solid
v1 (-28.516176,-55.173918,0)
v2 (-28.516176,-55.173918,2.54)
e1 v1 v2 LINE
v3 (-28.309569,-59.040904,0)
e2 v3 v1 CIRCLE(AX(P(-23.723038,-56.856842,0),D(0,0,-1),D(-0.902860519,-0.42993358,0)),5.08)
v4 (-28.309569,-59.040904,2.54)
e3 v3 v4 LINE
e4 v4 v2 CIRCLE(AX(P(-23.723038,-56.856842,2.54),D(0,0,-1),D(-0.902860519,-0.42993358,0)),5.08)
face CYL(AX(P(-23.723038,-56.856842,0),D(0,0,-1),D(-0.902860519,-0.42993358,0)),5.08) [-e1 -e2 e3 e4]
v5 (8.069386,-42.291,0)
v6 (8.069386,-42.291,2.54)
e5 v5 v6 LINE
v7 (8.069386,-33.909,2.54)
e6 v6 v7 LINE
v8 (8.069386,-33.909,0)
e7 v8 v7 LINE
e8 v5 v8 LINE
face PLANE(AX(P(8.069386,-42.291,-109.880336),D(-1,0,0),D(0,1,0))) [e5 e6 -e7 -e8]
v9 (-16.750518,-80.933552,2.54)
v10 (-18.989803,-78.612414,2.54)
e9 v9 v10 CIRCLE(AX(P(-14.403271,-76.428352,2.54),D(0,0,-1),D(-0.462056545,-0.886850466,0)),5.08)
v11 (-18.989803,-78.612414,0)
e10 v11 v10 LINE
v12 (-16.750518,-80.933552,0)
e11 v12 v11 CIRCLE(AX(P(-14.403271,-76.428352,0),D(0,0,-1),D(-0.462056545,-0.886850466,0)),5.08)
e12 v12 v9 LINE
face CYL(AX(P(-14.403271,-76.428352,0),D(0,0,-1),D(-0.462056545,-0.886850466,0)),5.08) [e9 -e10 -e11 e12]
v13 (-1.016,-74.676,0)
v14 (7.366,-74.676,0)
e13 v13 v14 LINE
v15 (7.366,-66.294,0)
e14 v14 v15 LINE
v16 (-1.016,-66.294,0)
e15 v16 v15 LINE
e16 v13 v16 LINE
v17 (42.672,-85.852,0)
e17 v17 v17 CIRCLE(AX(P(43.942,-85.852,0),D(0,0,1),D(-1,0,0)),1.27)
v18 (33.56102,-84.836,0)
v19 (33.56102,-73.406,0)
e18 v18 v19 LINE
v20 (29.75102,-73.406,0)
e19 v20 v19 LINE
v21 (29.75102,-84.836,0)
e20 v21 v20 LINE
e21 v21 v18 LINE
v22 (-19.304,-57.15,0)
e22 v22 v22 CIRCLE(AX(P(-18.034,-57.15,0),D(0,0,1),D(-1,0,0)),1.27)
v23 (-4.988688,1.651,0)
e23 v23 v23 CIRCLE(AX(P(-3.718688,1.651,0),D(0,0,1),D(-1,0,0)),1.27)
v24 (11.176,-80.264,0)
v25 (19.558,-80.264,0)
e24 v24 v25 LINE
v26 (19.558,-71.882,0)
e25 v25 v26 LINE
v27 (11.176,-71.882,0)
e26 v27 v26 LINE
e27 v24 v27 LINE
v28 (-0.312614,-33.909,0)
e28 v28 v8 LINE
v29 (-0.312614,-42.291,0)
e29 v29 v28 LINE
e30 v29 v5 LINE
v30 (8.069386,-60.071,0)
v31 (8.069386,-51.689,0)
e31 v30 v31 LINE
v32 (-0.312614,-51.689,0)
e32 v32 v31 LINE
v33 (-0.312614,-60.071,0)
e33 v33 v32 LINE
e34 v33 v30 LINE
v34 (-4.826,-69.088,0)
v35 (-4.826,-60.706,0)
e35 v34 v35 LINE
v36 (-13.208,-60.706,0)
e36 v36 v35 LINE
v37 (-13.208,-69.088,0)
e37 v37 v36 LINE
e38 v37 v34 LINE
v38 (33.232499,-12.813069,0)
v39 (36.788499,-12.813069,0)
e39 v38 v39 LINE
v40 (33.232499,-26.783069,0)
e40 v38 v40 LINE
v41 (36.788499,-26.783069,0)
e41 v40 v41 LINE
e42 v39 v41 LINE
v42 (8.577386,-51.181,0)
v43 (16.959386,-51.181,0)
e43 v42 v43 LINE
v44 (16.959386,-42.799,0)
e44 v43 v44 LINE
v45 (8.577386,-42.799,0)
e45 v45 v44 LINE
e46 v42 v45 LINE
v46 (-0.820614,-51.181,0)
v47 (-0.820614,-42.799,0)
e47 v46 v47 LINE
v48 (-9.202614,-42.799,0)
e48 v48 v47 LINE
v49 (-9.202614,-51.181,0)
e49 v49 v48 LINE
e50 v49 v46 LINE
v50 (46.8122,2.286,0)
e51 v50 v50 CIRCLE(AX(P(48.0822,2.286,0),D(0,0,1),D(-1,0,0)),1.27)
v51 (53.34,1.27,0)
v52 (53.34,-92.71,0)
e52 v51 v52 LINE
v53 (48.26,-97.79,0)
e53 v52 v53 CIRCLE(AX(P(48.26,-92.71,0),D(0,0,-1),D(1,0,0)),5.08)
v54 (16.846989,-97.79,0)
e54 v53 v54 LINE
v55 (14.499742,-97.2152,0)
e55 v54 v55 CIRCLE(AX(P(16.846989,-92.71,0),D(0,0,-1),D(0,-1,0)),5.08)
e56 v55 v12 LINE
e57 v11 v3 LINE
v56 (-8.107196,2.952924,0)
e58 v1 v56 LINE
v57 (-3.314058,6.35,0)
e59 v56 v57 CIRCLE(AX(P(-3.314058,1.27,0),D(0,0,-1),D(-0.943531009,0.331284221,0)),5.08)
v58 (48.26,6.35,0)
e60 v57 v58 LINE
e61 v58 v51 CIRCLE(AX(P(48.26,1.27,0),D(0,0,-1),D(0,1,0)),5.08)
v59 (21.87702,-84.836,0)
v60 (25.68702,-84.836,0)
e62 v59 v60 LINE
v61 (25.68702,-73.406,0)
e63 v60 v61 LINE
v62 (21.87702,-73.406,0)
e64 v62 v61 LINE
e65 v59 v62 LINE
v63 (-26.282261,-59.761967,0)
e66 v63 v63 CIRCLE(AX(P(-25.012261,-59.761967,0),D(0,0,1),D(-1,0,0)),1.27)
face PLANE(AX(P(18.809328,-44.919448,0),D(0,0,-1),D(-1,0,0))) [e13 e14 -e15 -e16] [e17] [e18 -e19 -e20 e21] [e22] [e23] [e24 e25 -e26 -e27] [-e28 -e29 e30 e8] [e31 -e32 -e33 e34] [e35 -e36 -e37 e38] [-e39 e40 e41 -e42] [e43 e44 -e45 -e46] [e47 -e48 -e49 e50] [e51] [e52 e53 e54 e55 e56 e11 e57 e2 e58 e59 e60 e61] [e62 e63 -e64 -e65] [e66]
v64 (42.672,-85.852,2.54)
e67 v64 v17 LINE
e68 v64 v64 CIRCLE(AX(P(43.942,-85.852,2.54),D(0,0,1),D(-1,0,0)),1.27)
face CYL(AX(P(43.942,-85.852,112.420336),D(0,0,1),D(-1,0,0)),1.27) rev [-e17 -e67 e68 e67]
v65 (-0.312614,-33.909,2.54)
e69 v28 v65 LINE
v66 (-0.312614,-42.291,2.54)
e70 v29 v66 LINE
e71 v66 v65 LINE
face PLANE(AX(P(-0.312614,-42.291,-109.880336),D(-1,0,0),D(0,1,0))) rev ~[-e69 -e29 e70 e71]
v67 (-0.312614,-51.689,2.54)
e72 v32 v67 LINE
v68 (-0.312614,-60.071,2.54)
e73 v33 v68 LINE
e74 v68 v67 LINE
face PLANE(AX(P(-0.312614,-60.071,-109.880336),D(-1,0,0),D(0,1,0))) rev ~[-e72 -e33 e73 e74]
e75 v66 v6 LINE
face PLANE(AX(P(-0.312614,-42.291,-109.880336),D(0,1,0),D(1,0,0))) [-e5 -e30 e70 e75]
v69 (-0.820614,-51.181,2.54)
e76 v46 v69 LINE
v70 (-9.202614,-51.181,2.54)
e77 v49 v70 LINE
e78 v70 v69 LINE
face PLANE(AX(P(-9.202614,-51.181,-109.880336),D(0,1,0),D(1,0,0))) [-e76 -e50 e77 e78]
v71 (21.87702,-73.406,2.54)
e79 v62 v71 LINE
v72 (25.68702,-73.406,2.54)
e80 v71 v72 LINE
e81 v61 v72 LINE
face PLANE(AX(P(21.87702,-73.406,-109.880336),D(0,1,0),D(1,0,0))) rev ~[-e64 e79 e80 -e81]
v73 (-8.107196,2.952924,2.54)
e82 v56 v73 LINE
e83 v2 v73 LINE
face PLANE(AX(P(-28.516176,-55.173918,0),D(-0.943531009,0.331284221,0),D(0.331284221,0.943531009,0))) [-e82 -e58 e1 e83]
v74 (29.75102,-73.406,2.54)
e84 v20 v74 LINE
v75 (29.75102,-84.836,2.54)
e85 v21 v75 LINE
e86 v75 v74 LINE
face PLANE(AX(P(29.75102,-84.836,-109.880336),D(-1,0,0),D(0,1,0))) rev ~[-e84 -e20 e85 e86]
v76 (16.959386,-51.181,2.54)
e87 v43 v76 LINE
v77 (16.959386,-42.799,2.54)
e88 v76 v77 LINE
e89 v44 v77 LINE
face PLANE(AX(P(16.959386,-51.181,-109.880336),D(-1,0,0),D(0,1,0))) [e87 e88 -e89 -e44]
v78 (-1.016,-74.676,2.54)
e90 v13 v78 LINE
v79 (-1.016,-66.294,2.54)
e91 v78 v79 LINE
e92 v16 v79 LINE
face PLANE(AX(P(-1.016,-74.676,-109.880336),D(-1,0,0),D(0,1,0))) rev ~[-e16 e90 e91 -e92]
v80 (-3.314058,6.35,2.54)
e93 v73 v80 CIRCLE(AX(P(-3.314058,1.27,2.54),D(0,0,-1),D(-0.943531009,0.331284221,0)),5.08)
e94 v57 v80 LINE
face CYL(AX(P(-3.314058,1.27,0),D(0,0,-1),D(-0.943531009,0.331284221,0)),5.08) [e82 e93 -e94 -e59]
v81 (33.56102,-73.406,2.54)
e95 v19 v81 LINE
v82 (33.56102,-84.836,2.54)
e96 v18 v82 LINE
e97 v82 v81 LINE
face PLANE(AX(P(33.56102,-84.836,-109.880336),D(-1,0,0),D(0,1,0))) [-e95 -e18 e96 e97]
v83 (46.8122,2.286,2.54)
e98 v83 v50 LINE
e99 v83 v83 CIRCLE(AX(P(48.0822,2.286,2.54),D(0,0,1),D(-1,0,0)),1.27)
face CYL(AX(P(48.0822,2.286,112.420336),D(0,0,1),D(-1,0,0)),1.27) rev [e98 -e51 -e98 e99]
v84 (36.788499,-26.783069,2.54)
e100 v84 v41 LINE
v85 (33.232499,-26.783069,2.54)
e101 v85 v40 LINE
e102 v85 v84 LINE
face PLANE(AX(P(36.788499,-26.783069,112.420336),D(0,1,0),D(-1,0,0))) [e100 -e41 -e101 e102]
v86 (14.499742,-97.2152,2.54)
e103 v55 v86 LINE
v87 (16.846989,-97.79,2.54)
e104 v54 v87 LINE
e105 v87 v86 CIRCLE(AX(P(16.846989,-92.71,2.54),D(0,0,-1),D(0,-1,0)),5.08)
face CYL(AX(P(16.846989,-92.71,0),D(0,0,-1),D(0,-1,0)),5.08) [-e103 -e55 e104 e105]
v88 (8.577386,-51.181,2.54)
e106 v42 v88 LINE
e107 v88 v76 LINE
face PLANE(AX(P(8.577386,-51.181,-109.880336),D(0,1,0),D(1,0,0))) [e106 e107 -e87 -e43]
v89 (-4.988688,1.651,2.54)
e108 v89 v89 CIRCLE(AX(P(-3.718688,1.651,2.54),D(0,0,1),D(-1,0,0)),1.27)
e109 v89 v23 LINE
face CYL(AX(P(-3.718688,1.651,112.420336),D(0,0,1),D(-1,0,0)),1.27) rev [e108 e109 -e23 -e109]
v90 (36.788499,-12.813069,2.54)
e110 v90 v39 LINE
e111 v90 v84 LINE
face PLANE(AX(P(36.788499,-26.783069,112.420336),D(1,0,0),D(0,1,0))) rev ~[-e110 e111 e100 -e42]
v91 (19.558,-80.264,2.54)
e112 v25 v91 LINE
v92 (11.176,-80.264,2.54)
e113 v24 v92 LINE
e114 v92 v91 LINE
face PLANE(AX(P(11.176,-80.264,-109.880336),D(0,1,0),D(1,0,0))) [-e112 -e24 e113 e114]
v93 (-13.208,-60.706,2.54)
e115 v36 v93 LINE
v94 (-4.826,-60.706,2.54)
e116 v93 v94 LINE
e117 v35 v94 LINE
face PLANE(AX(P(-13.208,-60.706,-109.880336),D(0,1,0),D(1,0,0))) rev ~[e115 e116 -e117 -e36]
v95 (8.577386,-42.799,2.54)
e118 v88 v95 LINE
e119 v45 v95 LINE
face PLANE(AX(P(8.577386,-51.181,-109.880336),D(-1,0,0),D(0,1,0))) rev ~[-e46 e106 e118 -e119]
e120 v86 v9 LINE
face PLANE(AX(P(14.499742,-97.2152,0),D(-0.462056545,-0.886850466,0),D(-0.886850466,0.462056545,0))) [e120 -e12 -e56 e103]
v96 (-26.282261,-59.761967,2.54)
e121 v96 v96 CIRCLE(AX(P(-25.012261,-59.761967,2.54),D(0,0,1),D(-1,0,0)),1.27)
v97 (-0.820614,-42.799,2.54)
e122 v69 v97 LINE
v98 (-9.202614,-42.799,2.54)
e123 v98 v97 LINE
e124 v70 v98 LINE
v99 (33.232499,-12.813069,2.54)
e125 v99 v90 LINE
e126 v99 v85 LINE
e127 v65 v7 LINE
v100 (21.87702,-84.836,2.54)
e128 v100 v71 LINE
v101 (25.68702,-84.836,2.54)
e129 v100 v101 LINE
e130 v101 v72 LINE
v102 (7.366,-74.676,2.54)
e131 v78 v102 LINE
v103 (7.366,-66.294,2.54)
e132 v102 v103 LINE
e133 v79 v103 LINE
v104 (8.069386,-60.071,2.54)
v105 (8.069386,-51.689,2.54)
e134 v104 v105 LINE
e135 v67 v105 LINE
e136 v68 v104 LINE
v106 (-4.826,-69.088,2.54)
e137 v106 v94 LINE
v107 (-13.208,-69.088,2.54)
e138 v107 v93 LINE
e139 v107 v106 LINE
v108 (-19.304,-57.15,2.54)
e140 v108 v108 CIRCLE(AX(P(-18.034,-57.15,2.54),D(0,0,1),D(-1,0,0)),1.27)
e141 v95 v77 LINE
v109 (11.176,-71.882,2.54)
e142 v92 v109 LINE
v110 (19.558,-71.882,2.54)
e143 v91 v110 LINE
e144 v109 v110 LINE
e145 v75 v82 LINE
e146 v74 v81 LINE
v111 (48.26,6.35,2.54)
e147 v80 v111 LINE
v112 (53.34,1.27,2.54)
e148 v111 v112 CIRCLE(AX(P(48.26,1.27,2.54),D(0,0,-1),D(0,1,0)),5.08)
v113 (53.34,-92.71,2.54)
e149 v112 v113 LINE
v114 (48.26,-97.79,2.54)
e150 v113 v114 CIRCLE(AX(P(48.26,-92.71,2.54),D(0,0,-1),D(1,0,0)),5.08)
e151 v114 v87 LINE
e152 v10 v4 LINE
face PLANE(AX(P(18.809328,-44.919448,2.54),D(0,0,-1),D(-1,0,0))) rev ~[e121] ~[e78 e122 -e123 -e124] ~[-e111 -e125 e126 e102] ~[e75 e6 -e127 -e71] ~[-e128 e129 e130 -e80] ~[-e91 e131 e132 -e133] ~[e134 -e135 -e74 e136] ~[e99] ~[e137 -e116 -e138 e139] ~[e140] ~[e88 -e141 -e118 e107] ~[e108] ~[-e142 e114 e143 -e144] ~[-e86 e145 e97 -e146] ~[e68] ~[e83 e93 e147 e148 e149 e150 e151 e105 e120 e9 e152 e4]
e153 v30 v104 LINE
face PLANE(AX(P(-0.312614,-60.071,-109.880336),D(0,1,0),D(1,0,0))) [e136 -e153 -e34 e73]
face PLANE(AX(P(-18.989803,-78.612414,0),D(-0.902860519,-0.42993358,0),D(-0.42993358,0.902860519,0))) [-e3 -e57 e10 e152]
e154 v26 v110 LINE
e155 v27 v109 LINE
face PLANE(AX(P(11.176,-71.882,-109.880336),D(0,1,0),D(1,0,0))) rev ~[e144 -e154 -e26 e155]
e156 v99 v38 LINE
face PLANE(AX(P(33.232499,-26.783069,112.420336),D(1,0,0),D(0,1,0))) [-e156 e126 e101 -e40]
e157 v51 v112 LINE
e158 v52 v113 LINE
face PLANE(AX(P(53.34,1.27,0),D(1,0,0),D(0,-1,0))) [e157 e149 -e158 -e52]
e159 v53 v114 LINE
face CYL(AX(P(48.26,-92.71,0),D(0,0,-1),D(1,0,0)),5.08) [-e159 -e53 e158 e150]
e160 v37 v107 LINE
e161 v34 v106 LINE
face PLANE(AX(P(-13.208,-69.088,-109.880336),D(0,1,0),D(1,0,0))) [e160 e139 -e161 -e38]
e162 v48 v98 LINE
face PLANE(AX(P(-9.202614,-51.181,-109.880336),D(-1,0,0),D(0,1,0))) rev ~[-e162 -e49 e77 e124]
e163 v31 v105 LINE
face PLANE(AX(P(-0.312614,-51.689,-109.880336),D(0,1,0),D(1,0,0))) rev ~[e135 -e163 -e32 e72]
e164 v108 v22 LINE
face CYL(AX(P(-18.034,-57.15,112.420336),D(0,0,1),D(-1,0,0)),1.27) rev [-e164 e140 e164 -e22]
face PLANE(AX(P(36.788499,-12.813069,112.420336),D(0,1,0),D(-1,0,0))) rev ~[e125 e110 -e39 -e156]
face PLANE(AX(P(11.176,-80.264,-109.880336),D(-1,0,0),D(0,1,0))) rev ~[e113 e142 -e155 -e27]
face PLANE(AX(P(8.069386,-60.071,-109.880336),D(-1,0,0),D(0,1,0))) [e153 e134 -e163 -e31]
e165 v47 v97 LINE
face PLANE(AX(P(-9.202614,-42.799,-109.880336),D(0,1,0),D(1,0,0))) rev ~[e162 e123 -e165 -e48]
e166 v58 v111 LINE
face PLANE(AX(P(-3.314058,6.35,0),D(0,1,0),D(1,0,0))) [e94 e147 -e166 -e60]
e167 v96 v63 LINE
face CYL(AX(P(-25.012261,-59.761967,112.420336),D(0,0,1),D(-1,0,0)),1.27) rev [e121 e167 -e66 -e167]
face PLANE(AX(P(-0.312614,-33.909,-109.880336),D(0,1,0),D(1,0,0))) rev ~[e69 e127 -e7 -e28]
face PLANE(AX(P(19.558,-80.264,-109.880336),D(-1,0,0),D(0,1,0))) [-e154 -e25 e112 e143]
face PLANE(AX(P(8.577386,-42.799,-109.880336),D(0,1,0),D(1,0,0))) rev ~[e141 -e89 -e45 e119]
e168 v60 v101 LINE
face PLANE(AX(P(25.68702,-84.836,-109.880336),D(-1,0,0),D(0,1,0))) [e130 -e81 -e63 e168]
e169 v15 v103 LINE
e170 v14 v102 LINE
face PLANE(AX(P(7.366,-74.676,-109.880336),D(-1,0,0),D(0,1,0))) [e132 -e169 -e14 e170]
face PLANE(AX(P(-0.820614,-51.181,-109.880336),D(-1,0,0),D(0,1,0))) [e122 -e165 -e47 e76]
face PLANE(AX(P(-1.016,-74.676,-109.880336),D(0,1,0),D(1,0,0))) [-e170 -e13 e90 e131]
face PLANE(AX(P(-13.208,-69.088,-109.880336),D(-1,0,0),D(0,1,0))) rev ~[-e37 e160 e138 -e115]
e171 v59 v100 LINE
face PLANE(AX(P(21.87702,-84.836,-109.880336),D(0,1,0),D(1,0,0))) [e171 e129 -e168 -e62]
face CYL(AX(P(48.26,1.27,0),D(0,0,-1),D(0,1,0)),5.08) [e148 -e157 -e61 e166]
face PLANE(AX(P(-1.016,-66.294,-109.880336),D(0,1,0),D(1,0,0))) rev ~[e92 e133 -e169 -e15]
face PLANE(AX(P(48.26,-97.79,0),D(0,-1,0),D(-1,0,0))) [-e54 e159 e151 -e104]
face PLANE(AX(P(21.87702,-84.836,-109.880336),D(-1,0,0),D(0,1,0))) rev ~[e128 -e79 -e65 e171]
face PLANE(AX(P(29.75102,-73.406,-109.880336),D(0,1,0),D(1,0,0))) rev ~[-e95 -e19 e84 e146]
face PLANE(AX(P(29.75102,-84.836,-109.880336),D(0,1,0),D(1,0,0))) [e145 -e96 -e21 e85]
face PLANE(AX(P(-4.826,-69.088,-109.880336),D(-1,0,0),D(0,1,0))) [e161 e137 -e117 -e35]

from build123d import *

# Parameters (mm, degrees)
BOSS_EXTRUDE1_DEPTH     = 2.54
CUT_EXTRUDE1_DEPTH      = 112.420336115
CUT_EXTRUDE1_DEPTH_BACK = 112.420336115
SKETCH11_W              = 3.81
SKETCH11_H              = 11.43
SKETCH11_W_2            = 8.382
SKETCH11_H_2            = 8.382
CUT_EXTRUDE2_DEPTH      = 112.420336115
CUT_EXTRUDE2_DEPTH_BACK = 112.420336115
SKETCH12_R              = 1.27
CUT_EXTRUDE3_DEPTH      = 112.420336115
CUT_EXTRUDE3_DEPTH_BACK = 112.420336115
SKETCH13_R              = 1.27
CUT_EXTRUDE4_DEPTH      = 112.420336115
CUT_EXTRUDE4_DEPTH_BACK = 112.420336115
SKETCH14_W              = 3.556
SKETCH14_H              = 13.97


with BuildPart() as part:
    # Sketch10 → Boss-Extrude1 (new body)
    with BuildSketch(Plane.XY):
        with BuildLine():
            Line((53.34, 1.27), (53.34, -92.71))
            ThreePointArc((53.34, -92.71), (51.852102448, -96.302102448), (48.26, -97.79))
            Line((48.26, -97.79), (16.846989059, -97.79))
            ThreePointArc((16.846989059, -97.79), (15.638688158, -97.644208035), (14.499741809, -97.215200367))
            Line((14.499741809, -97.215200367), (-16.7505185, -80.933552139))
            ThreePointArc((-16.7505185, -80.933552139), (-18.059258376, -79.955412607), (-18.989802686, -78.61241436))
            Line((-18.989802686, -78.61241436), (-28.309569459, -59.040904135))
            ThreePointArc((-28.309569459, -59.040904135), (-28.795802898, -57.127870198), (-28.51617555, -55.173917704))
            Line((-28.51617555, -55.173917704), (-8.107195629, 2.952923842))
            ThreePointArc((-8.107195629, 2.952923842), (-6.251501454, 5.414614163), (-3.314058103, 6.35))
            Line((-3.314058103, 6.35), (48.26, 6.35))
            ThreePointArc((48.26, 6.35), (51.852102448, 4.862102448), (53.34, 1.27))
        make_face()
    extrude(amount=BOSS_EXTRUDE1_DEPTH)

    # Sketch11 → Cut-Extrude1 (cut, two sides: drawn at the far end of the back side and taken through both)
    with BuildSketch(Plane.XY.offset(2.54).offset(-CUT_EXTRUDE1_DEPTH_BACK)):
        with Locations((31.65602, -79.121)):
            Rectangle(SKETCH11_W, SKETCH11_H)
        with Locations((23.78202, -79.121)):
            Rectangle(SKETCH11_W, SKETCH11_H)
        with Locations((3.878385852, -55.88)):
            Rectangle(SKETCH11_W_2, SKETCH11_H_2)
        with Locations((-5.011614148, -46.99)):
            Rectangle(SKETCH11_W_2, SKETCH11_H_2)
        with Locations((3.878385852, -38.1)):
            Rectangle(SKETCH11_W_2, SKETCH11_H_2)
        with Locations((12.768385852, -46.99)):
            Rectangle(SKETCH11_W_2, SKETCH11_H_2)
        with Locations((-9.017, -64.897)):
            Rectangle(SKETCH11_W_2, SKETCH11_H_2)
        with Locations((3.175, -70.485)):
            Rectangle(SKETCH11_W_2, SKETCH11_H_2)
        with Locations((15.367, -76.073)):
            Rectangle(SKETCH11_W_2, SKETCH11_H_2)
    extrude(amount=CUT_EXTRUDE1_DEPTH + CUT_EXTRUDE1_DEPTH_BACK, mode=Mode.SUBTRACT)

    # Sketch12 → Cut-Extrude2 (cut, two sides: drawn at the far end of the back side and taken through both)
    with BuildSketch(Plane(origin=(0, 0, 0), x_dir=(-1, 0, 0), z_dir=(0, 0, -1)).offset(-CUT_EXTRUDE2_DEPTH_BACK)):
        with Locations((18.034, -57.15)):
            Circle(SKETCH12_R)
        with Locations((-43.942, -85.852)):
            Circle(SKETCH12_R)
    extrude(amount=CUT_EXTRUDE2_DEPTH + CUT_EXTRUDE2_DEPTH_BACK, mode=Mode.SUBTRACT)

    # Sketch13 → Cut-Extrude3 (cut, two sides: drawn at the far end of the back side and taken through both)
    with BuildSketch(Plane(origin=(0, 0, 0), x_dir=(-1, 0, 0), z_dir=(0, 0, -1)).offset(-CUT_EXTRUDE3_DEPTH_BACK)):
        with Locations((25.012261453, -59.761967182)):
            Circle(SKETCH13_R)
        with Locations((-48.0822, 2.286)):
            Circle(SKETCH13_R)
        with Locations((3.718687848, 1.651)):
            Circle(SKETCH13_R)
    extrude(amount=CUT_EXTRUDE3_DEPTH + CUT_EXTRUDE3_DEPTH_BACK, mode=Mode.SUBTRACT)

    # Sketch14 → Cut-Extrude4 (cut, two sides: drawn at the far end of the back side and taken through both)
    with BuildSketch(Plane(origin=(0, 0, 0), x_dir=(-1, 0, 0), z_dir=(0, 0, -1)).offset(-CUT_EXTRUDE4_DEPTH_BACK)):
        with Locations((-35.010498686, -19.798068862)):
            Rectangle(SKETCH14_W, SKETCH14_H)
    extrude(amount=CUT_EXTRUDE4_DEPTH + CUT_EXTRUDE4_DEPTH_BACK, mode=Mode.SUBTRACT)


solid = part.part
